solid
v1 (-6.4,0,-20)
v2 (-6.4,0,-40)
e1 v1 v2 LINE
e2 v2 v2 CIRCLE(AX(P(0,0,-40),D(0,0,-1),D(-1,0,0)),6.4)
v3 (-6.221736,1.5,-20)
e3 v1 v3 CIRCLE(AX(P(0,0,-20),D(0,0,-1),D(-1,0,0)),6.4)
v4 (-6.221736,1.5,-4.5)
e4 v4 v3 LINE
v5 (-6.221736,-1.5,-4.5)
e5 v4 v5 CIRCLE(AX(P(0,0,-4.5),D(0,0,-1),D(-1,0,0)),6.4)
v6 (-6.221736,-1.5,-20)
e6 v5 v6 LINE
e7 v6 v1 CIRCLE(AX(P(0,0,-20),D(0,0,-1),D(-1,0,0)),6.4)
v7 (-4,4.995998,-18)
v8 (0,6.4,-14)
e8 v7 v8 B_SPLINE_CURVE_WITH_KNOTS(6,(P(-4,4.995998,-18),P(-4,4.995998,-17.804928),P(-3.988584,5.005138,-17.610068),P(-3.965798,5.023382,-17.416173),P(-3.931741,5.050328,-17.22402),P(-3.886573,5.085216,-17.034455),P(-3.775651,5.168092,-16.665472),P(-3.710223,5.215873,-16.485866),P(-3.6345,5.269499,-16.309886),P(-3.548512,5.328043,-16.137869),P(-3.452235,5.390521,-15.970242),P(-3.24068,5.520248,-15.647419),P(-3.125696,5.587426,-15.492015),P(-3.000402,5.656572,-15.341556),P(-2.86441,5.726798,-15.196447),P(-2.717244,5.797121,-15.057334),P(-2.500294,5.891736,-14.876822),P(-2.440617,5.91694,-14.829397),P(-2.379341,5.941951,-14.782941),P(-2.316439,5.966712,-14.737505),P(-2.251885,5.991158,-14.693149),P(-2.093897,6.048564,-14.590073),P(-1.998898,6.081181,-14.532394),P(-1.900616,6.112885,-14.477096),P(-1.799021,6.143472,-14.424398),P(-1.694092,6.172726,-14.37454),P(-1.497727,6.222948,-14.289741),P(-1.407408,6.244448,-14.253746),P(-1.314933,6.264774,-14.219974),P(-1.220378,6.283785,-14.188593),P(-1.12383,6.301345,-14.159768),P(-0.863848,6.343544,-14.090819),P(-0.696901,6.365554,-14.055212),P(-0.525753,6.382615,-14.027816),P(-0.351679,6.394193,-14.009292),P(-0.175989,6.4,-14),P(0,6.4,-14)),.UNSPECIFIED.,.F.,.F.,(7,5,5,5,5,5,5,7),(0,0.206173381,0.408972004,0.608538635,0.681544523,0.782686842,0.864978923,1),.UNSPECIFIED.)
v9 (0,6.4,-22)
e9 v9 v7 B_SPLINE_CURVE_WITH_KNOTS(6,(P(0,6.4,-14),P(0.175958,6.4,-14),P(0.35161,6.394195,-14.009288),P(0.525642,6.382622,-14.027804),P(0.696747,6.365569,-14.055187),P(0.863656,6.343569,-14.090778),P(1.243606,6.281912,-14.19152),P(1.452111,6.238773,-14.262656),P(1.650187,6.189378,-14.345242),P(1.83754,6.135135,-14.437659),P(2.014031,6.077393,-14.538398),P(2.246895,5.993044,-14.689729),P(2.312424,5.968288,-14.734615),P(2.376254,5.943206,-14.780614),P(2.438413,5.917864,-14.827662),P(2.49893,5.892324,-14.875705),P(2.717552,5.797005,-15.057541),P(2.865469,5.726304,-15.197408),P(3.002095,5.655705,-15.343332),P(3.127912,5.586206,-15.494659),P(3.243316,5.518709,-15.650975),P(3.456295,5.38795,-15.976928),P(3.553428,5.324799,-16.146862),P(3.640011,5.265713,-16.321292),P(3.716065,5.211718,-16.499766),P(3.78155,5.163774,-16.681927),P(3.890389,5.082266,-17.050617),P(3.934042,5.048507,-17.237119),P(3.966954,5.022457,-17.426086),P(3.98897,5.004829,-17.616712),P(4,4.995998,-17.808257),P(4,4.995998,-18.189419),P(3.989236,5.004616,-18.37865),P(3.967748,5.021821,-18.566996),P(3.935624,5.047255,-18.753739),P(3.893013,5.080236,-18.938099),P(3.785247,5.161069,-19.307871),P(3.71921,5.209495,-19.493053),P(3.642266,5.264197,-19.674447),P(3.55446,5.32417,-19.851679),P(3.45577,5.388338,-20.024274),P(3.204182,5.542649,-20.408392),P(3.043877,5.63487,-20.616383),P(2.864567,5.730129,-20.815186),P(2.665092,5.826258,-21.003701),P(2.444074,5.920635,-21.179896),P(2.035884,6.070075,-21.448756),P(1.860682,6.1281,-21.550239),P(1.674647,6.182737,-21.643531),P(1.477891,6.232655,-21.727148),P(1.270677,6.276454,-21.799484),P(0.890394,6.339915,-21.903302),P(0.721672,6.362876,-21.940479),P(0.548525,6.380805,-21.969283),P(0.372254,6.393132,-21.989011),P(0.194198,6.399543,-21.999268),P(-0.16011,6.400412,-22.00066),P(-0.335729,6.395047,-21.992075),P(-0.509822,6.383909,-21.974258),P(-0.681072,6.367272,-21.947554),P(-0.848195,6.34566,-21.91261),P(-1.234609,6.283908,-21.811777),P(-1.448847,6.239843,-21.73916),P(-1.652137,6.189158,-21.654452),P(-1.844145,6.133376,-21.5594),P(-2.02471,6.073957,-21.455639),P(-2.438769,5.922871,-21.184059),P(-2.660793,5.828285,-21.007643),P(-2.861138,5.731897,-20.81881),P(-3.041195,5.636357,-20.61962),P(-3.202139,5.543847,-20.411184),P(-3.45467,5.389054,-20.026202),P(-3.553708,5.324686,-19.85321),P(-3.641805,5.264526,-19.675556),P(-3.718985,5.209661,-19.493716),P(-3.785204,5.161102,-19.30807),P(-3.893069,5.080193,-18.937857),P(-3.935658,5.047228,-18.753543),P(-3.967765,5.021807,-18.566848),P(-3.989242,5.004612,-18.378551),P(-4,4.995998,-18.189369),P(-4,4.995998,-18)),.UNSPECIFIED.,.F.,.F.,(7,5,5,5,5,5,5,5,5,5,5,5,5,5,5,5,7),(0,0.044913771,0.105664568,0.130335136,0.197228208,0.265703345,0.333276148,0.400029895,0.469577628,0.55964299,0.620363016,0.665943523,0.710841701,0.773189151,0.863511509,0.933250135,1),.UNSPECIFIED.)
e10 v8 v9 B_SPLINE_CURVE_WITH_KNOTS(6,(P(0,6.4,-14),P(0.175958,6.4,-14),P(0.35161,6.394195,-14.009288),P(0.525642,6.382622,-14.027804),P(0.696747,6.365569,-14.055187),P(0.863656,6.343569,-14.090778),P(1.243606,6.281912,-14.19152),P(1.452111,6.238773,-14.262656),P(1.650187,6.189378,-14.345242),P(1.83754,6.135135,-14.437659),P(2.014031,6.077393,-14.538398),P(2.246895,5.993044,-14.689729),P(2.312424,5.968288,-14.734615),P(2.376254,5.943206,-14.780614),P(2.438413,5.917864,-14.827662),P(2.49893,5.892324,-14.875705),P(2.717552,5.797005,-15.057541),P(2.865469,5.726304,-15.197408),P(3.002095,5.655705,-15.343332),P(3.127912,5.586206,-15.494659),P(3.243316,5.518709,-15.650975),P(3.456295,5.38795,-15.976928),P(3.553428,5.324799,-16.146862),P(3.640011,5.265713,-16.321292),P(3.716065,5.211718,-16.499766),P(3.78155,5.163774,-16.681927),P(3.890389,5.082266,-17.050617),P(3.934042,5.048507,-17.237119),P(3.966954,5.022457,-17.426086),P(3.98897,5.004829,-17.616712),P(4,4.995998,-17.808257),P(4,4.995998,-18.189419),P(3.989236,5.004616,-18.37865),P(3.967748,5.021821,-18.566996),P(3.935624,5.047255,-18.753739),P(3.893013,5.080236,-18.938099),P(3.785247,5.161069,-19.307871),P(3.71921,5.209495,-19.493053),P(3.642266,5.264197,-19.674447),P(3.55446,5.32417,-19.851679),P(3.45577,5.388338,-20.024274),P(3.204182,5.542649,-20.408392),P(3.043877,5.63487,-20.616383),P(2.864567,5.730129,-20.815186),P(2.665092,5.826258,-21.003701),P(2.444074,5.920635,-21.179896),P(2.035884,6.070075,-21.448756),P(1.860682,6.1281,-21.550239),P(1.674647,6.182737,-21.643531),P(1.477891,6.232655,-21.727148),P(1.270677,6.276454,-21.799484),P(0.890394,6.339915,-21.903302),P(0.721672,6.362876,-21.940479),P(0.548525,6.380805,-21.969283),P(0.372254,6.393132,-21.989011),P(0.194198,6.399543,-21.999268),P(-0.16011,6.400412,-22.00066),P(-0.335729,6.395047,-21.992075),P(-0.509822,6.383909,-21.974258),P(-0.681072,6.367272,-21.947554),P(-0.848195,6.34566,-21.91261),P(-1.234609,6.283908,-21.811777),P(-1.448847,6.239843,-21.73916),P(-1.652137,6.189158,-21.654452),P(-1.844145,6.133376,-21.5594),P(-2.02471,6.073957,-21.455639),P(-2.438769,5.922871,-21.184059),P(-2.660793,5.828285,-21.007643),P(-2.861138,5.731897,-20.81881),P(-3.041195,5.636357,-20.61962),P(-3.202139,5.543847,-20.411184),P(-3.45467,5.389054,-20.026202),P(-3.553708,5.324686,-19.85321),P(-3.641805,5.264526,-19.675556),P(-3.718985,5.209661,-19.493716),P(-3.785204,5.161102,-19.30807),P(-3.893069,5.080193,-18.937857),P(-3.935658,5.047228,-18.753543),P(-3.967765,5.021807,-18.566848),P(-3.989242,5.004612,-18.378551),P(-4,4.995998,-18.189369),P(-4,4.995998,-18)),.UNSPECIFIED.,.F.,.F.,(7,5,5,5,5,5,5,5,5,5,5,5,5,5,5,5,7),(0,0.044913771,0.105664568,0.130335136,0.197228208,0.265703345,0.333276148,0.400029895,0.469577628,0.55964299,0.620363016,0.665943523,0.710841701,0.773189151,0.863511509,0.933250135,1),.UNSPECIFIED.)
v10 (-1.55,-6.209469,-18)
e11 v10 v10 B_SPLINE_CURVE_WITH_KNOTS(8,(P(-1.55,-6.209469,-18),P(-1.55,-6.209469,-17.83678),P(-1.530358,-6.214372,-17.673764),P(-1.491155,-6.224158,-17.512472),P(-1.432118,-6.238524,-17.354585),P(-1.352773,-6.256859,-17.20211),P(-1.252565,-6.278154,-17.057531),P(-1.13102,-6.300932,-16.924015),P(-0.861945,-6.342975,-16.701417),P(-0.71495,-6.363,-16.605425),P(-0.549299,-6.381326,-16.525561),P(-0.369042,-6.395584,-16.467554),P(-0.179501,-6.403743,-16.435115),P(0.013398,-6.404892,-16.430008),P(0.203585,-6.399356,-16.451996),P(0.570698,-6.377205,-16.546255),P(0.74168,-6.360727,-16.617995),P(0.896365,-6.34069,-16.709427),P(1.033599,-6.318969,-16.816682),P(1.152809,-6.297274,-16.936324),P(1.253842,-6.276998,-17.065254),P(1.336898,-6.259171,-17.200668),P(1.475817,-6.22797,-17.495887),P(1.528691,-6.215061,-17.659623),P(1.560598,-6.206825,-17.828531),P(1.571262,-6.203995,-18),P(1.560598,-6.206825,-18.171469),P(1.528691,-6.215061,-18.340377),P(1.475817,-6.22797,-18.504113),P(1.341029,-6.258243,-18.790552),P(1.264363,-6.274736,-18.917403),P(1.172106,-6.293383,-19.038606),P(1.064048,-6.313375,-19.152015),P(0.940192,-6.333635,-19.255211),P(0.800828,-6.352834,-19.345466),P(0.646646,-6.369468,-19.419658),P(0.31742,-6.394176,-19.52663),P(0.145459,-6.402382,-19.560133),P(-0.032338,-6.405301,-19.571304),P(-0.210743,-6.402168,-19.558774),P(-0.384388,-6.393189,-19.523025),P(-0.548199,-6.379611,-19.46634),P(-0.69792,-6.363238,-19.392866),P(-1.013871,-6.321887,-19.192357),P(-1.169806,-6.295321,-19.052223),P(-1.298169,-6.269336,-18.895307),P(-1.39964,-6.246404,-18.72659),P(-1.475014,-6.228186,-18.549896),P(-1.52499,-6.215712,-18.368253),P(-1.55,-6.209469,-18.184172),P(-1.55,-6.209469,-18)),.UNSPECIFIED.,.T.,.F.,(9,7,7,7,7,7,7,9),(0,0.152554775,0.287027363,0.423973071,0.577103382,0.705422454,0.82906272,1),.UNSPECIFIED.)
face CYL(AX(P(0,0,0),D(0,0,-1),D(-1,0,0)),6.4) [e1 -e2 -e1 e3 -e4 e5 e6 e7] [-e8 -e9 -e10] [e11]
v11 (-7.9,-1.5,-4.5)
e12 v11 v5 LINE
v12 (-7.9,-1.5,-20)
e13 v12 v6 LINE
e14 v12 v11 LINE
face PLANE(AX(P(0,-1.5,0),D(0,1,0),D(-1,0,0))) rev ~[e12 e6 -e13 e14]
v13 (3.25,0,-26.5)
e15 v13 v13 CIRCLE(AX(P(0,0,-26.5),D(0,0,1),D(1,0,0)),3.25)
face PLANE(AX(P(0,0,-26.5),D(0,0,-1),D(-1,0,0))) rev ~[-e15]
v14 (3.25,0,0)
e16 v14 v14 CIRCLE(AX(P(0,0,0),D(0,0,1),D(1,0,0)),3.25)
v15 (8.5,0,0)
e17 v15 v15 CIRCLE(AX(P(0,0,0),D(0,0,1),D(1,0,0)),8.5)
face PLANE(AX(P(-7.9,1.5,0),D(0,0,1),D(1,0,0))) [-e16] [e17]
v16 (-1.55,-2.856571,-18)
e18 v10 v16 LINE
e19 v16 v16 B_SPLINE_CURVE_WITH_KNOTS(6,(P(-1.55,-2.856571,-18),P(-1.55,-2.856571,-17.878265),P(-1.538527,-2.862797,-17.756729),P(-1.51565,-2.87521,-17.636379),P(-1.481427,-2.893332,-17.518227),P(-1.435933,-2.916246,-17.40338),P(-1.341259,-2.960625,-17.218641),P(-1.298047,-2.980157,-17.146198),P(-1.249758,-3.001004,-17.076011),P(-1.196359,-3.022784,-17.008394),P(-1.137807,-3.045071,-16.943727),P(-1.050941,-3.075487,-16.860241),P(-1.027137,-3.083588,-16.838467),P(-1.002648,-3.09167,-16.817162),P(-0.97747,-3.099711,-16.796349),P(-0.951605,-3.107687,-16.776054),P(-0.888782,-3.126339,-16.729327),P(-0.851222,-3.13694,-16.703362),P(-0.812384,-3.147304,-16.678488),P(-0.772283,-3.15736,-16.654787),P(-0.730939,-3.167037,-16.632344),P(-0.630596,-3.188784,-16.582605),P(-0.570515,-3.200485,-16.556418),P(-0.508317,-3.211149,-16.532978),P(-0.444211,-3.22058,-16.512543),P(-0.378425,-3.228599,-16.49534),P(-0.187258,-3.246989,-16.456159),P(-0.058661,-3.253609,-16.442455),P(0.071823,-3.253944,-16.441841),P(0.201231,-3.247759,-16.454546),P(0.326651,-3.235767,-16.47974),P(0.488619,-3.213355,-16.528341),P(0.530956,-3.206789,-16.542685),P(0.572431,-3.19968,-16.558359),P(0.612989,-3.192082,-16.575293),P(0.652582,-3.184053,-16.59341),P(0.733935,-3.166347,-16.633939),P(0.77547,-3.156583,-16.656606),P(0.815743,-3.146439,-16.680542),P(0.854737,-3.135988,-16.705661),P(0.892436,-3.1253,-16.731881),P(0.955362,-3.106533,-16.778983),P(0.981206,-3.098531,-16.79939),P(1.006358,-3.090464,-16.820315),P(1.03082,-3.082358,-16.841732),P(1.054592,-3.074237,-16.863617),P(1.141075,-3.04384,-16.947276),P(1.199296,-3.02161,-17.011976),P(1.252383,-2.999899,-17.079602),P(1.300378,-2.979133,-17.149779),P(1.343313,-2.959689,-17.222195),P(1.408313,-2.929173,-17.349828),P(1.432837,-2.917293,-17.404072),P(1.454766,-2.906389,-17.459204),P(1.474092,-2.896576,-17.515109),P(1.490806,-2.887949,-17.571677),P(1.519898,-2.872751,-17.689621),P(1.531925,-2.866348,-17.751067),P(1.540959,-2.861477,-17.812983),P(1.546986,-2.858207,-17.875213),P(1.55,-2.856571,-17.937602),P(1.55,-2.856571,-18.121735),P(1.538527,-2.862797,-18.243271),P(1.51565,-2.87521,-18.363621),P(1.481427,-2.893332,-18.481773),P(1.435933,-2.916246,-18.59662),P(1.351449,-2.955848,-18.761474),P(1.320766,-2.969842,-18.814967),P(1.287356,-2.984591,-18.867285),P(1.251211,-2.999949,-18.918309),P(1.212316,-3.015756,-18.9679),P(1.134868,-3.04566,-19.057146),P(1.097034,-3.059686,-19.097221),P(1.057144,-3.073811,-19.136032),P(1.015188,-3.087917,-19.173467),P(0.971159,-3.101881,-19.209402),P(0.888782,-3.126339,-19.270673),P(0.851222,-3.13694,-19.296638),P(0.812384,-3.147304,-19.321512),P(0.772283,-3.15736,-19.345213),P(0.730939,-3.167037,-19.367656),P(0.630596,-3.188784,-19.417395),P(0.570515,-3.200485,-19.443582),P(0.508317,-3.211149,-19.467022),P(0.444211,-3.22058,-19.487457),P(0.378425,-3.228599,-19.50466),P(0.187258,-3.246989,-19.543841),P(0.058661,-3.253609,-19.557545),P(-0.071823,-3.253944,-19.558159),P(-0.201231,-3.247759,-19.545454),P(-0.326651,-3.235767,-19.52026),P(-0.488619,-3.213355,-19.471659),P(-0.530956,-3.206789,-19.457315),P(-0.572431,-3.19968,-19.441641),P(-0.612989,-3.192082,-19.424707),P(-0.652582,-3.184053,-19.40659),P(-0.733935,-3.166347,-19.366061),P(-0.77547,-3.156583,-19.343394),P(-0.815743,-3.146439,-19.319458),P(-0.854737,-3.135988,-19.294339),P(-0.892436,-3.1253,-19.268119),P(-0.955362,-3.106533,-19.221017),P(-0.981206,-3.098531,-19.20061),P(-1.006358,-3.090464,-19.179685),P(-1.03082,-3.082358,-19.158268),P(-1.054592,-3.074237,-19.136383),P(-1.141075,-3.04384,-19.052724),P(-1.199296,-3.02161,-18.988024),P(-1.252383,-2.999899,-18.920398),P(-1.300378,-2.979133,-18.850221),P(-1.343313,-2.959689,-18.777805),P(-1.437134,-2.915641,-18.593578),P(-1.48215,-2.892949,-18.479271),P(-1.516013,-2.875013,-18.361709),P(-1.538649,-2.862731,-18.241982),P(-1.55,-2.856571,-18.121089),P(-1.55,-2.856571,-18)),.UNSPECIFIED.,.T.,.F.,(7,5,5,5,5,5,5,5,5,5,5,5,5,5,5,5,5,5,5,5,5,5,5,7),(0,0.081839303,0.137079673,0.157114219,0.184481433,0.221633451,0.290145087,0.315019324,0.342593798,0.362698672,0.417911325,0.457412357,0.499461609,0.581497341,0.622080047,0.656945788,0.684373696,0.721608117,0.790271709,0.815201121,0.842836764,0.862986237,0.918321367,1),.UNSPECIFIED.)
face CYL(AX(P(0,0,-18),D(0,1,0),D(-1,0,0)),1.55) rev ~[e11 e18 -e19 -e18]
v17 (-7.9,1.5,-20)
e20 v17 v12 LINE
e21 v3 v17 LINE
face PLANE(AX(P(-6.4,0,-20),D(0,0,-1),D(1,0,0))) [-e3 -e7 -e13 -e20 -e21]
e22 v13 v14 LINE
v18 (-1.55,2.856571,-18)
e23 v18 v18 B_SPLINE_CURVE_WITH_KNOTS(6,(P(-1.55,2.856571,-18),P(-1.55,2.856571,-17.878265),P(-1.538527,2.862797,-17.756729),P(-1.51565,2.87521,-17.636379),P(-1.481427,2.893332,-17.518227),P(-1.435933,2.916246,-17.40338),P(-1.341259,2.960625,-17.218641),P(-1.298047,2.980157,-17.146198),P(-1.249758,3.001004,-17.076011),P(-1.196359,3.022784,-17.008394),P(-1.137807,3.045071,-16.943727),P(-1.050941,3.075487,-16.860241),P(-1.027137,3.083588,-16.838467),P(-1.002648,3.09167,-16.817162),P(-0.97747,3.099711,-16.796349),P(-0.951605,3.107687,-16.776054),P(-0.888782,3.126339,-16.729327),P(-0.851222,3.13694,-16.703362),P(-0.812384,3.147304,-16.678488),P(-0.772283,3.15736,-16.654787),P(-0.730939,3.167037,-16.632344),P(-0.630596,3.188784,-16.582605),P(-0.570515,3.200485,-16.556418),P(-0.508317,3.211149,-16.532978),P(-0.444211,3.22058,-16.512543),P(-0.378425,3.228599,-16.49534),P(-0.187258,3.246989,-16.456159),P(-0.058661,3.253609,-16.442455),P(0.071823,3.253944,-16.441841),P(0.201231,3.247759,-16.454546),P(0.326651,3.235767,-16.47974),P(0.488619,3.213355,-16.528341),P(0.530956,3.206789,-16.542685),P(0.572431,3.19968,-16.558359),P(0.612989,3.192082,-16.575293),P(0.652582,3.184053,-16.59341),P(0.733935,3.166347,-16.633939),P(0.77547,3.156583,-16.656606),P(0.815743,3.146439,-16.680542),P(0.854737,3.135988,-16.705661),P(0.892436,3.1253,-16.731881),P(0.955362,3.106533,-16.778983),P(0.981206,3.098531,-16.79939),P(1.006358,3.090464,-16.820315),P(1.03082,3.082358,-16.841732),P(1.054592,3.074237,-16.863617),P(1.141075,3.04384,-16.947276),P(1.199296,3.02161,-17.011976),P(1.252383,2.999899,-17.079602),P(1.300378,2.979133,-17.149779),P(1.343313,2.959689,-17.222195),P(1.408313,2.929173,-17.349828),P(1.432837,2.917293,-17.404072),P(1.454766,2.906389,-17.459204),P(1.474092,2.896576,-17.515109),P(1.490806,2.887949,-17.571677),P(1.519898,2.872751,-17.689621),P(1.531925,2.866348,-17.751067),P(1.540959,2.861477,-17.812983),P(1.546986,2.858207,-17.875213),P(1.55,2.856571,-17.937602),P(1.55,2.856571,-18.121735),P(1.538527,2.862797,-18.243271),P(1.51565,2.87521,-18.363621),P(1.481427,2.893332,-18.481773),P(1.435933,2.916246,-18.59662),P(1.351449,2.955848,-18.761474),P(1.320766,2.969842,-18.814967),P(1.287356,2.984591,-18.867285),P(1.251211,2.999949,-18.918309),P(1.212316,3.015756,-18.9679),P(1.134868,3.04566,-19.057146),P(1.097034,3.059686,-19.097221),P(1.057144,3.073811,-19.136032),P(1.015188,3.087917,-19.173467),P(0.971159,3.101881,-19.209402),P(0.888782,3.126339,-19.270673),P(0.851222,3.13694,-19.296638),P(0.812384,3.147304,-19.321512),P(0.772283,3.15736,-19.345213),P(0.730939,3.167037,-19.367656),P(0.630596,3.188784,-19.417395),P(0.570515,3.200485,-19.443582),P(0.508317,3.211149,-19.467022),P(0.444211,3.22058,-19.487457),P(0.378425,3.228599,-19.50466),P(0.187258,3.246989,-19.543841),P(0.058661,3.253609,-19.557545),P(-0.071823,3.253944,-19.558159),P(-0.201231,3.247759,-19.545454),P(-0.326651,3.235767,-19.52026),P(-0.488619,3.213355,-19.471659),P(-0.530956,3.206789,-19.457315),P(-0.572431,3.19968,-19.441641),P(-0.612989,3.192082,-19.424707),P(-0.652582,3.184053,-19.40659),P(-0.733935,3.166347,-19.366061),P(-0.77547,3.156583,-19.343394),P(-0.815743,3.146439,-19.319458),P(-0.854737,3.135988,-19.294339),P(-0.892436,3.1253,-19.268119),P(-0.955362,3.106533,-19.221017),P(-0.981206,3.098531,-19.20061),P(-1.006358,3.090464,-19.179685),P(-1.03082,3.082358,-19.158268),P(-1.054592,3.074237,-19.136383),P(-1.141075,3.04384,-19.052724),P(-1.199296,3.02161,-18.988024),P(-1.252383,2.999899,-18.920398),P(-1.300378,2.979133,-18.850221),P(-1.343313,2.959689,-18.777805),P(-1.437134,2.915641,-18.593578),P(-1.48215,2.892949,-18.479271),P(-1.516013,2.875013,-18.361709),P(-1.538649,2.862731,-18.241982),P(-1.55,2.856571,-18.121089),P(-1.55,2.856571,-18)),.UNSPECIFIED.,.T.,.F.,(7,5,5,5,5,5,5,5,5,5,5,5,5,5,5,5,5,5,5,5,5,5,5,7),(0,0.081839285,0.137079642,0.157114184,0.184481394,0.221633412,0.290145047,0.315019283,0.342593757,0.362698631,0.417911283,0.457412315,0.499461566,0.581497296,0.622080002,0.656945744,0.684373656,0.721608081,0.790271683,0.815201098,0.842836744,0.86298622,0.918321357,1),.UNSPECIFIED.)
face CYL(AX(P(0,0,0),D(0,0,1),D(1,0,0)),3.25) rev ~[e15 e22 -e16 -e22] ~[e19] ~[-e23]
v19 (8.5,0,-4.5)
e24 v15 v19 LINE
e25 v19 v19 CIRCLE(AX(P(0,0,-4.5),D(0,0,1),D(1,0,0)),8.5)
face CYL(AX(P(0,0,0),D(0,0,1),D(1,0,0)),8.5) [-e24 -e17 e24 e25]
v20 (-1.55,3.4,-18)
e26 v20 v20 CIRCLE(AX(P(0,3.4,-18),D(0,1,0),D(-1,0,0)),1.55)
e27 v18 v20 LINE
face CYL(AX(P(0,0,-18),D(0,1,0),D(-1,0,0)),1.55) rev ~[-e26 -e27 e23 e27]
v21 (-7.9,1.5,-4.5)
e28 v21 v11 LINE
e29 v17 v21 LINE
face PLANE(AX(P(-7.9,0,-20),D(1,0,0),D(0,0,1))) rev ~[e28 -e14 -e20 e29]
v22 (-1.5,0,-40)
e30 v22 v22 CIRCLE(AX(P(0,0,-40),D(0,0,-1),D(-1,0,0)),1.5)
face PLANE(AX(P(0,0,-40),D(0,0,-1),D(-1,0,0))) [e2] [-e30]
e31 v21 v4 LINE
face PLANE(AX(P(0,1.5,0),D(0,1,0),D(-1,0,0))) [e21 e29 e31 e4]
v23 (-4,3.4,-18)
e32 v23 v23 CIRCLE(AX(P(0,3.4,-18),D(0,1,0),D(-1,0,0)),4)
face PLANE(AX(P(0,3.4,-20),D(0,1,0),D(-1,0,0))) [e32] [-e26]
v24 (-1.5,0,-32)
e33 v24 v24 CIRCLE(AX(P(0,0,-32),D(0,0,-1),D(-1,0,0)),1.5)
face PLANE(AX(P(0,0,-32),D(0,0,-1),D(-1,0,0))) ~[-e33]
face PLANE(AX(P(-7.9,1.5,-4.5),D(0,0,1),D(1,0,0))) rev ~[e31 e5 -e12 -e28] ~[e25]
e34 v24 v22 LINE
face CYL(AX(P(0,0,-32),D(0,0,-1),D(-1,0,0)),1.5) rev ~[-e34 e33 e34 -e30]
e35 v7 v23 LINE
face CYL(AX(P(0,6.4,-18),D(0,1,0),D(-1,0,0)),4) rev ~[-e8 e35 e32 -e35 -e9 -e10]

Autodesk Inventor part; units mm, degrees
ref_plane "YZ Plane" through (0, 0, 0) normal (1, 0, 0) x (0, 1, 0)
ref_plane "XZ Plane" through (0, 0, 0) normal (0, 1, 0) x (-1, 0, 0)
sketch "Sketch1" plane through (0, 0, 0) normal (0, 1, 0) x (-1, 0, 0)
  line L0 (0, -40) -> (0, 0)
  line L1 (0, 0) -> (0, -18)
  circle A0 centre (0, -18) radius 1.55
  line L2 (0, -18) -> (0, -26.5)
  line L3 (0, -40) -> (0, -32)
  line L4 (0, -32) -> (1.5, -32)
  line L5 (1.5, -32) -> (1.5, -40)
  line L6 (0, 0) -> (6.4, 0)
  line L7 (6.4, 0) -> (6.4, -40)
  line L8 (6.4, -40) -> (1.5, -40)
  line L9 (6.4, -40) -> (7.9, -40)
  line L10 (7.9, -40) -> (7.9, 0)
  line L11 (7.9, 0) -> (6.4, 0)
  line L12 (6.4, 0) -> (4.9, 0)
  line L13 (4.9, 0) -> (4.9, -40)
  line L14 (4.9, -40) -> (6.4, -40)
  line L15 (0, 0) -> (3.15, 0)
  line L16 (3.15, 0) -> (3.15, -26.5)
  line L17 (3.15, -26.5) -> (0, -26.5)
  line L18 (7.9, 0) -> (7.9, -20)
  line L19 (7.9, -20) -> (6.4, -20)
  line L20 (6.4, -20) -> (4.9, -20)
  dimension "d3" = 18
  dimension "d4" = 3.1
  dimension "d5" = 8.5
  dimension "d6" = 8
  dimension "d7" = 1.5
  dimension "d22" = 6.4
  dimension "d27" = 1.5
  dimension "d28" = 1.5
  dimension "d35" = 3.15
  dimension "d45" = 20
revolve "Revolution3" add sketch "Sketch1" angle 360 about axis through (0, 0, 0) along (0, 0, -1) contours L0 L17 L16 L6 L13 L8 L5 L4 | L13 L20 L7 L8 | L6 L7 L20 L13
extrude "Extrusion8" cut sketch "Sketch1" along normal mid plane 15 contours A0 L0 | L0 A0
ref_plane "Work Plane3" through (0, 6.4, -20) normal (0, 1, 0) x (-1, 0, 0)
sketch "Sketch4" plane through (0, 6.4, -20) normal (0, 1, 0) x (-1, 0, 0)
  line L0 (0, 20) -> (0, 2)
  circle A0 centre (0, 2) radius 4
  dimension "d41" = 18
  dimension "d42" = 8
extrude "Extrusion9" cut sketch "Sketch4" against normal blind 3
extrude "Extrusion10" add sketch "Sketch1" along normal mid plane 3 contours L6 L7 L20 L13 | L11 L10 L19 L7
sketch "Sketch5" plane through (-7.9, 1.5, 0) normal (0, 0, 1) x (1, 0, 0)
  circle A0 centre (7.9, -1.5) radius 3.25
  circle A1 centre (7.9, -1.5) radius 1.5 projected
  circle A2 centre (7.9, -1.5) radius 8.5
  dimension "d48" = 6.5
  dimension "d51" = 17
extrude "Extrusion11" cut sketch "Sketch5" against normal blind 26.5 contours A0 | A1
extrude "Extrusion12" add sketch "Sketch5" against normal blind 4.5 contours A2
properties part number "dc_to_omni_coupler"
